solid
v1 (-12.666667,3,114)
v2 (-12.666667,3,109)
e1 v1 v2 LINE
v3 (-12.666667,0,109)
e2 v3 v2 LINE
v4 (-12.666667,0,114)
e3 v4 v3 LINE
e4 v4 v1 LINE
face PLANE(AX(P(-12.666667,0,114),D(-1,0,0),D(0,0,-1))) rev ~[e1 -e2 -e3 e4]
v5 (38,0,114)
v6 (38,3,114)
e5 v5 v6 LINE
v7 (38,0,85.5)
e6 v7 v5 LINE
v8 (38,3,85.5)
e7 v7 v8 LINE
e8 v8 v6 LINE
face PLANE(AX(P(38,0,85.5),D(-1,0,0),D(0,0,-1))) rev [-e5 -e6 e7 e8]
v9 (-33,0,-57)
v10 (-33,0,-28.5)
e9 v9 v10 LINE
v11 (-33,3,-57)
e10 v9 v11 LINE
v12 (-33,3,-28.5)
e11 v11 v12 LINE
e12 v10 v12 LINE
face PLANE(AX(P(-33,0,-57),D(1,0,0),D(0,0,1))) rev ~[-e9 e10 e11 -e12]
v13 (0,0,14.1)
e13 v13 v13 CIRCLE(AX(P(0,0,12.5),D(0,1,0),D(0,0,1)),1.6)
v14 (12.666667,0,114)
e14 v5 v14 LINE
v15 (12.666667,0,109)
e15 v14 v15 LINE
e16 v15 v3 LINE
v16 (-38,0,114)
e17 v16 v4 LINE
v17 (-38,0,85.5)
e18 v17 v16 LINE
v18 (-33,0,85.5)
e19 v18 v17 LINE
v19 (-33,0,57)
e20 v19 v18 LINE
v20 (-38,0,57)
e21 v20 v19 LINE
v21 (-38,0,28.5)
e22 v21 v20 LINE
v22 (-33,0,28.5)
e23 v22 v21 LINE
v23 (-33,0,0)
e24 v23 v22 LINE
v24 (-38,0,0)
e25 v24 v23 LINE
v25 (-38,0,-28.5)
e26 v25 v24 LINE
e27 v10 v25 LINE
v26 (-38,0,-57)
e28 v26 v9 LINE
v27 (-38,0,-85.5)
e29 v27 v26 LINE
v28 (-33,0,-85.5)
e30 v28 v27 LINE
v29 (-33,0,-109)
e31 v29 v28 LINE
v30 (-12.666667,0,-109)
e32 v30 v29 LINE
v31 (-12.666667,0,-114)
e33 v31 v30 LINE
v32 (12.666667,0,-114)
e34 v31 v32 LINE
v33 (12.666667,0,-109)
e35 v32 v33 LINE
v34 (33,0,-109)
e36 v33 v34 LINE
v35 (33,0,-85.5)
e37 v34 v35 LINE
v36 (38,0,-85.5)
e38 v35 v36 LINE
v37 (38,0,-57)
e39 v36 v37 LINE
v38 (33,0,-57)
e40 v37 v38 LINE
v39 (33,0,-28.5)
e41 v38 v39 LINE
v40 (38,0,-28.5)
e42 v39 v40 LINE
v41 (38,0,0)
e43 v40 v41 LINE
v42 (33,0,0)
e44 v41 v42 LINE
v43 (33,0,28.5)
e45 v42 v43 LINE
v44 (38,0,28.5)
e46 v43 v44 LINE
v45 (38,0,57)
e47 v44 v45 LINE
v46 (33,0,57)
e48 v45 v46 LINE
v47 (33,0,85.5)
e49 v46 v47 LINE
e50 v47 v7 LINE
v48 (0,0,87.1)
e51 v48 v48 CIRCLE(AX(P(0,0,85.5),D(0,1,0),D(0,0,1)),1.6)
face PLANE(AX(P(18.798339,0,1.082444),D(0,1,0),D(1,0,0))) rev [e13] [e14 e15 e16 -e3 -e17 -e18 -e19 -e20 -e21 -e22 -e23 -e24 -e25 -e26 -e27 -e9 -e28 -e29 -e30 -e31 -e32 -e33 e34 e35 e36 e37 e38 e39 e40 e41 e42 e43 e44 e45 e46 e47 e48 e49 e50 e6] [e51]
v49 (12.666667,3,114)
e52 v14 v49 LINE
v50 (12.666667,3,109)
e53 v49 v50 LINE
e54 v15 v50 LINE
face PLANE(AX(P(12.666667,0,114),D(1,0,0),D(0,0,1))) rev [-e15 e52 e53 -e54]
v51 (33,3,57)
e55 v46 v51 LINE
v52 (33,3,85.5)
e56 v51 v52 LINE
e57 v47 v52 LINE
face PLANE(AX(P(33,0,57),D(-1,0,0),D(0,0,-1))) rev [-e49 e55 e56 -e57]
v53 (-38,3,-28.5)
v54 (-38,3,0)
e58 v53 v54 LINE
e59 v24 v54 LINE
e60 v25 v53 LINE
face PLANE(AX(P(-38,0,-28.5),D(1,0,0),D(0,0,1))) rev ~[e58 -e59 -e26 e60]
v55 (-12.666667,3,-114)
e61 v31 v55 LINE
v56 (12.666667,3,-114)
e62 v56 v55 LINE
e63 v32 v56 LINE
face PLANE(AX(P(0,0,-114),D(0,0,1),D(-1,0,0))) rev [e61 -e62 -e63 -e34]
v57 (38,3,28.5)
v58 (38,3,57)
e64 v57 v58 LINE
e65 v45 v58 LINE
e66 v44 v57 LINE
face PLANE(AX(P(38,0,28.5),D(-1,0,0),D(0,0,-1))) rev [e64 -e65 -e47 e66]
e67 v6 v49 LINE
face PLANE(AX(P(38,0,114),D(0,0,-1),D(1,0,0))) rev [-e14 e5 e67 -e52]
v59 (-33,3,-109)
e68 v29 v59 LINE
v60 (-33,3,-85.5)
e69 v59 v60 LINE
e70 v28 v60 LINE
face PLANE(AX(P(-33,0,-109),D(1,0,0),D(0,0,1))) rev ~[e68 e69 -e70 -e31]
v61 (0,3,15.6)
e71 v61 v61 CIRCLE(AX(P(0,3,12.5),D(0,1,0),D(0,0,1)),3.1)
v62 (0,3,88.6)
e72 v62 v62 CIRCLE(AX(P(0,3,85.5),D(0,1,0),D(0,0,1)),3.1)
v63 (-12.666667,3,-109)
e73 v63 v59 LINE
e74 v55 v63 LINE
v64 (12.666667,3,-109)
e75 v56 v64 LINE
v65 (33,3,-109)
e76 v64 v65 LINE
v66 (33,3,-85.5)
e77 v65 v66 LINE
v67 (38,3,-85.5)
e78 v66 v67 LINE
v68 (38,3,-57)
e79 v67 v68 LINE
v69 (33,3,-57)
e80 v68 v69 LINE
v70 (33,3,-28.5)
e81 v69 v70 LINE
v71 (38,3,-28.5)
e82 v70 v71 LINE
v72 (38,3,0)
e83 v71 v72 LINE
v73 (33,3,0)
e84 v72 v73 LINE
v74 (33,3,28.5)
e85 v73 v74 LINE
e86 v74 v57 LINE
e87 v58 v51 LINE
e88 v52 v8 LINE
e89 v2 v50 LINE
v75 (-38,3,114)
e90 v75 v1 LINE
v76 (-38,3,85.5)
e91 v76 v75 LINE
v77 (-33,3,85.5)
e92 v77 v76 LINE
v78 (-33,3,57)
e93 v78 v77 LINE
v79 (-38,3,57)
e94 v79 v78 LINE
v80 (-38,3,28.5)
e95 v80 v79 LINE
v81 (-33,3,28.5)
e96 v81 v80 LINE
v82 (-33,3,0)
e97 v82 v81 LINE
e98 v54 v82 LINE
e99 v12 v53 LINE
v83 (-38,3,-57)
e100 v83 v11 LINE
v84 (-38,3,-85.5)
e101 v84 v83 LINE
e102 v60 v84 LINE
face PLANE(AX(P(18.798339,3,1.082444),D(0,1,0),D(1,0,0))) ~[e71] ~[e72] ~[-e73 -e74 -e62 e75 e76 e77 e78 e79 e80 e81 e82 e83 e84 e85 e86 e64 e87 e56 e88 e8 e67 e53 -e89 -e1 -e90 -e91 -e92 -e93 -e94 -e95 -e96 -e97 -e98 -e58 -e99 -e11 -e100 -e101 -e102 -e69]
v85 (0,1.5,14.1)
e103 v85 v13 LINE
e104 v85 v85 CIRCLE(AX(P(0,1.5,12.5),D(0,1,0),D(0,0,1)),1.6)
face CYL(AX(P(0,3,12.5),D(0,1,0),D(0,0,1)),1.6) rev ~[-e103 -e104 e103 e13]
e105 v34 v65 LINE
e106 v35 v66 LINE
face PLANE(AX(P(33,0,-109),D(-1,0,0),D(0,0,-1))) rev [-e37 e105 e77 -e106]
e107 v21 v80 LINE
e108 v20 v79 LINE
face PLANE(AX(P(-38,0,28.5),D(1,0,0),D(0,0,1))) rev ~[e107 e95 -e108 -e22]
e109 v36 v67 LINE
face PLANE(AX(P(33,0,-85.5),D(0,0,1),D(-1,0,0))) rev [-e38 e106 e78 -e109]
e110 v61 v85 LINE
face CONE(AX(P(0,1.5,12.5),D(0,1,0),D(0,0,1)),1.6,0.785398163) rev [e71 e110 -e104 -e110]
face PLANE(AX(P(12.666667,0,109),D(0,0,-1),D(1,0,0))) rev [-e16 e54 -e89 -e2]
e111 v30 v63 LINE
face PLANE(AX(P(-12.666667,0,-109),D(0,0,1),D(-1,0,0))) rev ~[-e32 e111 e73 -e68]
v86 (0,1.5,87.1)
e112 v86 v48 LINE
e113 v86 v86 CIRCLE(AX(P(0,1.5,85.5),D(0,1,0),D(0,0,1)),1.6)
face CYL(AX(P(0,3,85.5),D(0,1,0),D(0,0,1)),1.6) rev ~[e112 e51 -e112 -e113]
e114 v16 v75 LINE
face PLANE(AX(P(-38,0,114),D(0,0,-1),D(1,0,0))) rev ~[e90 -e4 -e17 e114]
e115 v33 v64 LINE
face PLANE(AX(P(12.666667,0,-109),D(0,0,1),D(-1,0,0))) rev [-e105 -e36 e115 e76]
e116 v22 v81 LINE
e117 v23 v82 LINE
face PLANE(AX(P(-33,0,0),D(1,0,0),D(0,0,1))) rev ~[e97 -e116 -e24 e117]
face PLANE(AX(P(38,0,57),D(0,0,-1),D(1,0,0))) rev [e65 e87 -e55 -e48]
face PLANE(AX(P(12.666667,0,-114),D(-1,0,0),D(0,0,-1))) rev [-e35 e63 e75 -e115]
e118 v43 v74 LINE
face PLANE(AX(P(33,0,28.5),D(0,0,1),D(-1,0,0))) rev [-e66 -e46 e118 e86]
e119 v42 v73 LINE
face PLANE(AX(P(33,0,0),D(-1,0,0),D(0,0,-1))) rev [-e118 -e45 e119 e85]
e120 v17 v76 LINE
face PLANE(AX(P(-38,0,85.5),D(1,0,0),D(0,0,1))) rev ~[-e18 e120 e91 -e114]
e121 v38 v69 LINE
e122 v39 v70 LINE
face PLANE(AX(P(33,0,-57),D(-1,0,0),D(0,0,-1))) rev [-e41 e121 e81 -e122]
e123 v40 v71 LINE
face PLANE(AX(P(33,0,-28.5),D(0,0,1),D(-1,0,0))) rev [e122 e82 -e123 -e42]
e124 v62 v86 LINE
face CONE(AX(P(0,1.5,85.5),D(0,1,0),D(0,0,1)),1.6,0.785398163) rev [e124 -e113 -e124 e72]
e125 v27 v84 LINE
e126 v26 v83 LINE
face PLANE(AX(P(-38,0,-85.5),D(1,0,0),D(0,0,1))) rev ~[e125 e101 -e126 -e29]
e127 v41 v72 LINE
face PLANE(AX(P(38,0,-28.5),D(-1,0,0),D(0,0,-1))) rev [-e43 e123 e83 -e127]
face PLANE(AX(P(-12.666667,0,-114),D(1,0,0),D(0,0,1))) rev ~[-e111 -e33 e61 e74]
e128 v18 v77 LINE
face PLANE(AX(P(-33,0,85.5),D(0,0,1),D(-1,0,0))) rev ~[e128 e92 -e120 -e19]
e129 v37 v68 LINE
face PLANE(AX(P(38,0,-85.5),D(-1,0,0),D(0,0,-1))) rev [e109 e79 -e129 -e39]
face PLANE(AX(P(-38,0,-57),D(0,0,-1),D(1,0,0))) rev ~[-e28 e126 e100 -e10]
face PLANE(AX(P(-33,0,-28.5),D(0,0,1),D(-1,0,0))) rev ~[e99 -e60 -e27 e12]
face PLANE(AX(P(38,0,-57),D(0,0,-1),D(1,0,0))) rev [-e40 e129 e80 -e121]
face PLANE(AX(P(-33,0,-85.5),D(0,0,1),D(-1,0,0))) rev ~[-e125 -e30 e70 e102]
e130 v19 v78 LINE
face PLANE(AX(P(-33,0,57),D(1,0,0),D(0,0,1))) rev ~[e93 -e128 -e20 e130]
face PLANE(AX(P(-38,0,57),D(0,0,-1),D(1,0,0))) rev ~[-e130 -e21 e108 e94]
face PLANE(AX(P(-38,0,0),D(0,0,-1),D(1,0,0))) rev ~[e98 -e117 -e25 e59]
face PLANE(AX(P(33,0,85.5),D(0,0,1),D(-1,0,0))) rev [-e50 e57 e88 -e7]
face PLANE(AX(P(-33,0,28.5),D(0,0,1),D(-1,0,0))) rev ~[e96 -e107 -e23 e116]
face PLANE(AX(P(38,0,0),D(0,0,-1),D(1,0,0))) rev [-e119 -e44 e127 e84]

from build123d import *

# Parameters (mm, degrees)
BOSS_EXTRUDE1_DEPTH = 3
SKETCH2_R           = 1.6
CUT_EXTRUDE1_DEPTH  = 121.203993278
CHAMFER1_SIZE       = 1.5


with BuildPart() as part:
    # Sketch1 → Boss-Extrude1 (new body)
    with BuildSketch(Plane(origin=(0, 0, 0), x_dir=(1, 0, 0), z_dir=(0, 1, 0))):
        Polygon((-38, -114), (-12.666666667, -114), (-12.666666667, -109), (0, -109), (0, 114), (-12.666666667, 114), (-12.666666667, 109), (-33, 109), (-33, 85.5), (-38, 85.5), (-38, 57), (-33, 57), (-33, 28.5), (-38, 28.5), (-38, 0), (-33, 0), (-33, -28.5), (-38, -28.5), (-38, -57), (-33, -57), (-33, -85.5), (-38, -85.5), align=None)
    boss_extrude1 = extrude(amount=BOSS_EXTRUDE1_DEPTH)

    # Mirror1: Boss-Extrude1 across plane
    add(boss_extrude1.mirror(Plane(origin=(0, 3, 109), x_dir=(0, 0, 1), z_dir=(-1, 0, 0))))

    # Sketch2 → Cut-Extrude1 (cut, through all)
    with BuildSketch(Plane(origin=(0, 3, 0), x_dir=(1, 0, 0), z_dir=(0, 1, 0))):
        with Locations(Location((0, -85.5, 0), (0, 0, 270))):
            Circle(SKETCH2_R)
        with Locations(Location((0, -12.5, 0), (0, 0, 270))):
            Circle(SKETCH2_R)
    extrude(amount=-CUT_EXTRUDE1_DEPTH, mode=Mode.SUBTRACT)

    # Chamfer1
    chamfer1_edges = [part.edges().sort_by_distance(p)[0] for p in [
        (0, 3, 83.9),
        (0, 3, 10.9),
    ]]
    chamfer(chamfer1_edges, length=CHAMFER1_SIZE)


solid = part.part
